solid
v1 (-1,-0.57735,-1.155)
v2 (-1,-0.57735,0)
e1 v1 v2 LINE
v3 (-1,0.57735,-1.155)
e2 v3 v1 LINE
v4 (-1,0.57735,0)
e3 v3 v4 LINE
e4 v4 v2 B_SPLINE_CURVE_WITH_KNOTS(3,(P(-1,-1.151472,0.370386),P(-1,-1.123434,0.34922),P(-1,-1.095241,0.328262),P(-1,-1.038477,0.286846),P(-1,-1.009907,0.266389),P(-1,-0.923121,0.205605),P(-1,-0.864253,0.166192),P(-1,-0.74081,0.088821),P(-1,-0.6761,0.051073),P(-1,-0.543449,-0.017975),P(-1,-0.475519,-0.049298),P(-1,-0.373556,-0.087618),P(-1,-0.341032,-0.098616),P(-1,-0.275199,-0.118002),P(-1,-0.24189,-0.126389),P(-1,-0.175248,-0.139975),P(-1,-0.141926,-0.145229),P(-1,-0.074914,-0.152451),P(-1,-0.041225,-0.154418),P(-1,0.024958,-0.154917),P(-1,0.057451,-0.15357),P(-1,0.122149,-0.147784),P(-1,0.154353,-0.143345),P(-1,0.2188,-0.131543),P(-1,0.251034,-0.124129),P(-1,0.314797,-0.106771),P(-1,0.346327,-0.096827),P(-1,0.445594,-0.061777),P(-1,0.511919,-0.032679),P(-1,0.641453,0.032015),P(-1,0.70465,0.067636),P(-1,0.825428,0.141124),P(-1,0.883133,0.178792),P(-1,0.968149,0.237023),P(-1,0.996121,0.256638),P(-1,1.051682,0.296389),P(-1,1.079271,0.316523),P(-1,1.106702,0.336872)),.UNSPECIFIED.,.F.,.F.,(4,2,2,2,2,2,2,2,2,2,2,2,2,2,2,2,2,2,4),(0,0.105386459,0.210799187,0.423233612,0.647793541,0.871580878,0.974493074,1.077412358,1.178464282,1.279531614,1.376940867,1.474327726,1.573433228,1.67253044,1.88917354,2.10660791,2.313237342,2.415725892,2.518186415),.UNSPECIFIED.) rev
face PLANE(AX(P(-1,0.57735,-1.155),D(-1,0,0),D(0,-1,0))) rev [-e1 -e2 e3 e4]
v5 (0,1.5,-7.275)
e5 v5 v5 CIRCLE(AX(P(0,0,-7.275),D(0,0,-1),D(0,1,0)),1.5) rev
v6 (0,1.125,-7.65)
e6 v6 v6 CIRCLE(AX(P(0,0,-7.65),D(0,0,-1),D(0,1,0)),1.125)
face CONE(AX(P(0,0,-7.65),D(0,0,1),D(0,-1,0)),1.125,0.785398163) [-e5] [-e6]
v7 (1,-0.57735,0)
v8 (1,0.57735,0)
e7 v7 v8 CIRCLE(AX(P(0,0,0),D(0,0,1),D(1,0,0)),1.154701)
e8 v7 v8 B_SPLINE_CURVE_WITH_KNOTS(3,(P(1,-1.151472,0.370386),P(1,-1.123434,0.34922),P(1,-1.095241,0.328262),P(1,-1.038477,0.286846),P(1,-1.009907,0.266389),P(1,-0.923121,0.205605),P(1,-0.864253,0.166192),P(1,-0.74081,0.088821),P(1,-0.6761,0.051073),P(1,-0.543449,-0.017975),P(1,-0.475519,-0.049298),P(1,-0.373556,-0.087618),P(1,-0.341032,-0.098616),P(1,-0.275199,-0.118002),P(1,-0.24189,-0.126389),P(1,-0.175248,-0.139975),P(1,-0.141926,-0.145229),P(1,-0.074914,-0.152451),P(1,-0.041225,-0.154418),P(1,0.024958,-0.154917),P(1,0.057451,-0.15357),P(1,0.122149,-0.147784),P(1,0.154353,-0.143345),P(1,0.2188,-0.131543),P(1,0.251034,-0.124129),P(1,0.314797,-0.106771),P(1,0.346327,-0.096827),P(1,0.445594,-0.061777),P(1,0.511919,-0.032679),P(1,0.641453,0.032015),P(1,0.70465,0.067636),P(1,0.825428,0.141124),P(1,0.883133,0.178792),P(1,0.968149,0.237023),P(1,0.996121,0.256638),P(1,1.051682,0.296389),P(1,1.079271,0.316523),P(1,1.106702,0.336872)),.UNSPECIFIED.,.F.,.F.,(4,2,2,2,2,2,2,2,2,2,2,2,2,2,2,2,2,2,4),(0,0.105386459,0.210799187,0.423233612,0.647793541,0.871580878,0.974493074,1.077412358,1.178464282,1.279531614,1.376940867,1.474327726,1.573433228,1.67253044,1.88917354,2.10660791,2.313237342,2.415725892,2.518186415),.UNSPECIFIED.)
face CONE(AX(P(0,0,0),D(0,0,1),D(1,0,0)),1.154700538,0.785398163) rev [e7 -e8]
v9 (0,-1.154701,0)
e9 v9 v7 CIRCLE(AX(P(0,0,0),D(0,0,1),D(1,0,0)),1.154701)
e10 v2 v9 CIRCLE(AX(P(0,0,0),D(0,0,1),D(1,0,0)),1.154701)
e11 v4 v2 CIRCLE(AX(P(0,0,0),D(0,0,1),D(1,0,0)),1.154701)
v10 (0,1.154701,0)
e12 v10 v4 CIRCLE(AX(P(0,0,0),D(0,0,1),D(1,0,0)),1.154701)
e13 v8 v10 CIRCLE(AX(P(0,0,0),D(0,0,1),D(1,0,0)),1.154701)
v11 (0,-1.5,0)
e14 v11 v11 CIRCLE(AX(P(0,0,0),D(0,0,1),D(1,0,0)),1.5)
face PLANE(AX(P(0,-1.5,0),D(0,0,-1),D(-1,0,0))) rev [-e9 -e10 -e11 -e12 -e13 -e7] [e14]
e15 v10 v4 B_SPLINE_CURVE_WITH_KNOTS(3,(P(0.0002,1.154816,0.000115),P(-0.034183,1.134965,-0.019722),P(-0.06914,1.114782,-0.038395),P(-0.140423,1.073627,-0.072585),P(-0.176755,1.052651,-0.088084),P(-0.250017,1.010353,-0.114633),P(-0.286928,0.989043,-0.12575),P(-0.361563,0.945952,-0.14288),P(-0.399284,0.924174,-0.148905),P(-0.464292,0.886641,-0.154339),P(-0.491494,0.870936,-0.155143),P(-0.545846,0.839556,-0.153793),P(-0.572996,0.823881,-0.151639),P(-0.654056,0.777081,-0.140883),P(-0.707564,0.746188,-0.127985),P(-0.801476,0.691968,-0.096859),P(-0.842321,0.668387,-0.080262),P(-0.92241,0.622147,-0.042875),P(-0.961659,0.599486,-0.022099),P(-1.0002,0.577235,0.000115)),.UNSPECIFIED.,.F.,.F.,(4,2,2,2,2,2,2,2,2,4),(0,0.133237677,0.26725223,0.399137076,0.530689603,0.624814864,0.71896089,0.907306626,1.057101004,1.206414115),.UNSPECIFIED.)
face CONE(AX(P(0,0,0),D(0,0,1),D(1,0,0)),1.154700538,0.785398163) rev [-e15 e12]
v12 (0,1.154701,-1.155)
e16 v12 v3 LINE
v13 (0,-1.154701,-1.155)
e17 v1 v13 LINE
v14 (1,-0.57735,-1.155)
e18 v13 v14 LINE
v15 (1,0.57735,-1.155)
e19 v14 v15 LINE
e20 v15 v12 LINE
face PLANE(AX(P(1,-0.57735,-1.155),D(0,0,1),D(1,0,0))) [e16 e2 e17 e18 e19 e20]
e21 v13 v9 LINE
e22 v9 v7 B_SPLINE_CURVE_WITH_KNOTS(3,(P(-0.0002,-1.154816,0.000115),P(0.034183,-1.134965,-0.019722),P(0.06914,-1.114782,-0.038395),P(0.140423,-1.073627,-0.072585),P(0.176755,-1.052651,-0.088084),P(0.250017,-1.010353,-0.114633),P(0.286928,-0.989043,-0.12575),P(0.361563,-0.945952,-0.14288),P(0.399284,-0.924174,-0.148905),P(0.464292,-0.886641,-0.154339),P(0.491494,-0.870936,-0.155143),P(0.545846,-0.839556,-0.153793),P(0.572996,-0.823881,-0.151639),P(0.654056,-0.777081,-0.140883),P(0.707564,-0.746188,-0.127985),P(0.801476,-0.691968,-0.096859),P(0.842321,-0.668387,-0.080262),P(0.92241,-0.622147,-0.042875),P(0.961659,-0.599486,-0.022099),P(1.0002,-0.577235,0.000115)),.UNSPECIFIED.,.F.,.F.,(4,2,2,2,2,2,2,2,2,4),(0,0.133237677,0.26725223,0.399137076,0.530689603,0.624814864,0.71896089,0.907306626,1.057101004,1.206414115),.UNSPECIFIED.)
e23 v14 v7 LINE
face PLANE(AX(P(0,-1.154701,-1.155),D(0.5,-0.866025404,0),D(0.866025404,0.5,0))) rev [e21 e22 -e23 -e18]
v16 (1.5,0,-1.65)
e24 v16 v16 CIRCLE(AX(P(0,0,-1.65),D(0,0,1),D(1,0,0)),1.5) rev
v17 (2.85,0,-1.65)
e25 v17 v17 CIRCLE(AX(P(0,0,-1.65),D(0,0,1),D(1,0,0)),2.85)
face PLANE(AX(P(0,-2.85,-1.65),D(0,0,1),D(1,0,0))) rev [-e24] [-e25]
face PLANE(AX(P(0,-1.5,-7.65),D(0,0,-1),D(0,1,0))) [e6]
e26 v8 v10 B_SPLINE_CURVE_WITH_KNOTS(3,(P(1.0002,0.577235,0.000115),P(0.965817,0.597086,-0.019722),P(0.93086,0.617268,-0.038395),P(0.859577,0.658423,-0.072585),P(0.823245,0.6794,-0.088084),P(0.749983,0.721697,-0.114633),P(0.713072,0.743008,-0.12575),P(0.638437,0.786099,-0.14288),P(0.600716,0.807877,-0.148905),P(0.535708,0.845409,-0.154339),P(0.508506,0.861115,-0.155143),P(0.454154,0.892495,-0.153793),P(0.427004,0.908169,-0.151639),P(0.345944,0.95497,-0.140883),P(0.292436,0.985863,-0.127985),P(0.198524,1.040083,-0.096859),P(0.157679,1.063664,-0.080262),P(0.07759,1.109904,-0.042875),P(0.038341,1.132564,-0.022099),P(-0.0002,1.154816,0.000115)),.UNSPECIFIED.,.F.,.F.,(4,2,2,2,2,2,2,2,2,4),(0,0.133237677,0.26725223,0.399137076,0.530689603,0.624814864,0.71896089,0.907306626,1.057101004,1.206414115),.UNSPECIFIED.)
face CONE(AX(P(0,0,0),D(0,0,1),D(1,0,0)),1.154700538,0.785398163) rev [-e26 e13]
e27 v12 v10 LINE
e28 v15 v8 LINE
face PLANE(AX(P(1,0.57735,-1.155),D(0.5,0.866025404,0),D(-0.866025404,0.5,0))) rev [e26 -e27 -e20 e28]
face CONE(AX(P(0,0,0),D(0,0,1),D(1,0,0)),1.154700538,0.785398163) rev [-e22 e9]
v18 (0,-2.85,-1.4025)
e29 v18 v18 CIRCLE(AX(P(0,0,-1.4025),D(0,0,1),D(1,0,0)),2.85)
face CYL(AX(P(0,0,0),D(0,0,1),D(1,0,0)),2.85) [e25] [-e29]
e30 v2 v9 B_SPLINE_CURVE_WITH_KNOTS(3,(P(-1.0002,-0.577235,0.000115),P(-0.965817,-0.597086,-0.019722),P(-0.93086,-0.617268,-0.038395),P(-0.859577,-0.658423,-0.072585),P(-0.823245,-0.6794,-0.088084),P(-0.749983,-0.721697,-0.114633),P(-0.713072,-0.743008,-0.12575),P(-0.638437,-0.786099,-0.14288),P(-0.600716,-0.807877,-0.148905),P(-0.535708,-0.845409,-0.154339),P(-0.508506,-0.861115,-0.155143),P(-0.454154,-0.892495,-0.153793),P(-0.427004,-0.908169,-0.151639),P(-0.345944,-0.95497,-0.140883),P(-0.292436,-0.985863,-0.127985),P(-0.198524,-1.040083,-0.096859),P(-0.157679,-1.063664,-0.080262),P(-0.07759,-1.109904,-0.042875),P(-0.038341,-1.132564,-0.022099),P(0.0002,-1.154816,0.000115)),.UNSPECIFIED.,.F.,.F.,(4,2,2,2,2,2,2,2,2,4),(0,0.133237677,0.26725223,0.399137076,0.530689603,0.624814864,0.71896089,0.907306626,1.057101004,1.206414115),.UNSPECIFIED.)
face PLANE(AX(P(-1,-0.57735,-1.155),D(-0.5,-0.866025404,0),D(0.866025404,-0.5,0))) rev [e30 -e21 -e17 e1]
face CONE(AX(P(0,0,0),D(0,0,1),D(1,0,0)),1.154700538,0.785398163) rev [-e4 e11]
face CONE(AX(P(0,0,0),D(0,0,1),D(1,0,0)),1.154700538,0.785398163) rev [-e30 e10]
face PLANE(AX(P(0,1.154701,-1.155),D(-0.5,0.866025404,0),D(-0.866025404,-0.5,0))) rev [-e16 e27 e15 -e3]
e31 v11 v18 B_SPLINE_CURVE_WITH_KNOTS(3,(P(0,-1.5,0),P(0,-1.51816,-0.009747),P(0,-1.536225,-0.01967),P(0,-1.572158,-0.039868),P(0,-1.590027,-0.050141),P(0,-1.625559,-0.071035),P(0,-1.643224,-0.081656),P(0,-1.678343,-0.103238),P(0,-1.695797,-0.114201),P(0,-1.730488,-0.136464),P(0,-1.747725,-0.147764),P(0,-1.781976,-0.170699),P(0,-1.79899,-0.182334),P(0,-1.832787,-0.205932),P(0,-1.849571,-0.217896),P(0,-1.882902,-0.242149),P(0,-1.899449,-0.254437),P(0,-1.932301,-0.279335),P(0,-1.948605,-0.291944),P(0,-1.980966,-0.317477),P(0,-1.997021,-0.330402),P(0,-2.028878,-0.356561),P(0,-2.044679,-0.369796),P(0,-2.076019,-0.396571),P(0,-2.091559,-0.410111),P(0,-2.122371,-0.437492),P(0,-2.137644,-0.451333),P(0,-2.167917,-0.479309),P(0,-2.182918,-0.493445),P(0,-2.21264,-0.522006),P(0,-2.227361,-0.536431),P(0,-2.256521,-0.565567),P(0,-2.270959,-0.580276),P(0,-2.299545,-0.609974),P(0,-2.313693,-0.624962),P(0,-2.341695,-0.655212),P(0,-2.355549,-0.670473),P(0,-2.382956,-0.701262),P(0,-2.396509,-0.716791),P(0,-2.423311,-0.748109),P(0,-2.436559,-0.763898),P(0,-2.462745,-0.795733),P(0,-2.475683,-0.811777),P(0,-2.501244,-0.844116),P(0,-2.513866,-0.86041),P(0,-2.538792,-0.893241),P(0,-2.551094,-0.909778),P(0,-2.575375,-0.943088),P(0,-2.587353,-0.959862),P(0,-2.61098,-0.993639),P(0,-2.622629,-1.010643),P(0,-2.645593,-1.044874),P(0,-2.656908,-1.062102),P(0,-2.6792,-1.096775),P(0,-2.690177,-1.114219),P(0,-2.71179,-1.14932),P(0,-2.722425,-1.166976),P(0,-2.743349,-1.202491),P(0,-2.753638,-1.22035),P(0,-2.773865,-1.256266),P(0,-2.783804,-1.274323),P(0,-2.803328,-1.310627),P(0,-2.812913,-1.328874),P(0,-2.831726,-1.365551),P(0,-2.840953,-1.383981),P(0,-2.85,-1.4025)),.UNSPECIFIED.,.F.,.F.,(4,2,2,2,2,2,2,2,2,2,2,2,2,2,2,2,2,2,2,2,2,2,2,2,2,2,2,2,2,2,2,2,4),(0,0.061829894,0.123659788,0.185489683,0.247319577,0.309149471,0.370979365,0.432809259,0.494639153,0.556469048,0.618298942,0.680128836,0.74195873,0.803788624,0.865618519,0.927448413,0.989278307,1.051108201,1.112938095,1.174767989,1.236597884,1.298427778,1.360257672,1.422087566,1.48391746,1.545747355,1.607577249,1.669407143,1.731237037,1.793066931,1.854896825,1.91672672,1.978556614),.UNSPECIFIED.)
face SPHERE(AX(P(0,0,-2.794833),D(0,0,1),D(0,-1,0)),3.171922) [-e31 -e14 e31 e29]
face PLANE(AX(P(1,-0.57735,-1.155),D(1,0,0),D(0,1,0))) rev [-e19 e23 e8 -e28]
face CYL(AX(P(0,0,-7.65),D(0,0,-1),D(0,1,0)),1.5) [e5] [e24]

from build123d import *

# Parameters (mm, degrees)
SKETCH1_W          = 6
SKETCH1_H          = 1.5
CHAMFER1_SIZE      = 0.375
CUT_EXTRUDE2_DEPTH = 1.155


with BuildPart() as part:
    # Sketch1 → Revolve1 (revolve)
    with BuildSketch(Plane(origin=(0, 0, 0), x_dir=(0, 0, -1), z_dir=(1, 0, 0))):
        with Locations((4.65, 0.75)):
            Rectangle(SKETCH1_W, SKETCH1_H)
    revolve(axis=Axis((0, 0, -7.65), (0, 0, 1)))

    # Chamfer1
    chamfer1_edges = [part.edges().sort_by_distance(p)[0] for p in [
        (0, -1.5, -7.65),
    ]]
    chamfer(chamfer1_edges, length=CHAMFER1_SIZE)

    # Sketch7 → Revolve2 (revolve)
    with BuildSketch(Plane(origin=(0, 0, 0), x_dir=(0, 0, -1), z_dir=(1, 0, 0))):
        with BuildLine():
            Line((1.4025, 2.85), (1.65, 2.85))
            Line((1.65, 2.85), (1.65, 0))
            Line((1.65, 0), (0, 0))
            Line((0, 0), (0, 1.5))
            ThreePointArc((0, 1.5), (0.59512511, 2.285251969), (1.4025, 2.85))
        make_face()
    revolve(axis=Axis((0, 0, 0), (0, 0, -1)))

    # Sketch5 → Cut-Extrude2 (cut)
    with BuildSketch(Plane.XY):
        Polygon((1, -0.577350269), (1, 0.577350269), (0, 1.154700538), (-1, 0.577350269), (-1, -0.577350269), (0, -1.154700538), align=None)
    extrude(amount=-CUT_EXTRUDE2_DEPTH, mode=Mode.SUBTRACT)

    # Cut-Extrude3 cone 1 section (through the dimple's axis) → Cut-Extrude3 (revolve, cut)
    with BuildSketch(Plane(origin=(0, 0, 0), x_dir=(0, -1, 0), z_dir=(1, 0, 0))):
        Polygon((0, 0), (1.154700538, 0), (0, 1.154700538), align=None)
    revolve(axis=Axis((0, 0, 0), (0, 0, -1)), mode=Mode.SUBTRACT)


solid = part.part
